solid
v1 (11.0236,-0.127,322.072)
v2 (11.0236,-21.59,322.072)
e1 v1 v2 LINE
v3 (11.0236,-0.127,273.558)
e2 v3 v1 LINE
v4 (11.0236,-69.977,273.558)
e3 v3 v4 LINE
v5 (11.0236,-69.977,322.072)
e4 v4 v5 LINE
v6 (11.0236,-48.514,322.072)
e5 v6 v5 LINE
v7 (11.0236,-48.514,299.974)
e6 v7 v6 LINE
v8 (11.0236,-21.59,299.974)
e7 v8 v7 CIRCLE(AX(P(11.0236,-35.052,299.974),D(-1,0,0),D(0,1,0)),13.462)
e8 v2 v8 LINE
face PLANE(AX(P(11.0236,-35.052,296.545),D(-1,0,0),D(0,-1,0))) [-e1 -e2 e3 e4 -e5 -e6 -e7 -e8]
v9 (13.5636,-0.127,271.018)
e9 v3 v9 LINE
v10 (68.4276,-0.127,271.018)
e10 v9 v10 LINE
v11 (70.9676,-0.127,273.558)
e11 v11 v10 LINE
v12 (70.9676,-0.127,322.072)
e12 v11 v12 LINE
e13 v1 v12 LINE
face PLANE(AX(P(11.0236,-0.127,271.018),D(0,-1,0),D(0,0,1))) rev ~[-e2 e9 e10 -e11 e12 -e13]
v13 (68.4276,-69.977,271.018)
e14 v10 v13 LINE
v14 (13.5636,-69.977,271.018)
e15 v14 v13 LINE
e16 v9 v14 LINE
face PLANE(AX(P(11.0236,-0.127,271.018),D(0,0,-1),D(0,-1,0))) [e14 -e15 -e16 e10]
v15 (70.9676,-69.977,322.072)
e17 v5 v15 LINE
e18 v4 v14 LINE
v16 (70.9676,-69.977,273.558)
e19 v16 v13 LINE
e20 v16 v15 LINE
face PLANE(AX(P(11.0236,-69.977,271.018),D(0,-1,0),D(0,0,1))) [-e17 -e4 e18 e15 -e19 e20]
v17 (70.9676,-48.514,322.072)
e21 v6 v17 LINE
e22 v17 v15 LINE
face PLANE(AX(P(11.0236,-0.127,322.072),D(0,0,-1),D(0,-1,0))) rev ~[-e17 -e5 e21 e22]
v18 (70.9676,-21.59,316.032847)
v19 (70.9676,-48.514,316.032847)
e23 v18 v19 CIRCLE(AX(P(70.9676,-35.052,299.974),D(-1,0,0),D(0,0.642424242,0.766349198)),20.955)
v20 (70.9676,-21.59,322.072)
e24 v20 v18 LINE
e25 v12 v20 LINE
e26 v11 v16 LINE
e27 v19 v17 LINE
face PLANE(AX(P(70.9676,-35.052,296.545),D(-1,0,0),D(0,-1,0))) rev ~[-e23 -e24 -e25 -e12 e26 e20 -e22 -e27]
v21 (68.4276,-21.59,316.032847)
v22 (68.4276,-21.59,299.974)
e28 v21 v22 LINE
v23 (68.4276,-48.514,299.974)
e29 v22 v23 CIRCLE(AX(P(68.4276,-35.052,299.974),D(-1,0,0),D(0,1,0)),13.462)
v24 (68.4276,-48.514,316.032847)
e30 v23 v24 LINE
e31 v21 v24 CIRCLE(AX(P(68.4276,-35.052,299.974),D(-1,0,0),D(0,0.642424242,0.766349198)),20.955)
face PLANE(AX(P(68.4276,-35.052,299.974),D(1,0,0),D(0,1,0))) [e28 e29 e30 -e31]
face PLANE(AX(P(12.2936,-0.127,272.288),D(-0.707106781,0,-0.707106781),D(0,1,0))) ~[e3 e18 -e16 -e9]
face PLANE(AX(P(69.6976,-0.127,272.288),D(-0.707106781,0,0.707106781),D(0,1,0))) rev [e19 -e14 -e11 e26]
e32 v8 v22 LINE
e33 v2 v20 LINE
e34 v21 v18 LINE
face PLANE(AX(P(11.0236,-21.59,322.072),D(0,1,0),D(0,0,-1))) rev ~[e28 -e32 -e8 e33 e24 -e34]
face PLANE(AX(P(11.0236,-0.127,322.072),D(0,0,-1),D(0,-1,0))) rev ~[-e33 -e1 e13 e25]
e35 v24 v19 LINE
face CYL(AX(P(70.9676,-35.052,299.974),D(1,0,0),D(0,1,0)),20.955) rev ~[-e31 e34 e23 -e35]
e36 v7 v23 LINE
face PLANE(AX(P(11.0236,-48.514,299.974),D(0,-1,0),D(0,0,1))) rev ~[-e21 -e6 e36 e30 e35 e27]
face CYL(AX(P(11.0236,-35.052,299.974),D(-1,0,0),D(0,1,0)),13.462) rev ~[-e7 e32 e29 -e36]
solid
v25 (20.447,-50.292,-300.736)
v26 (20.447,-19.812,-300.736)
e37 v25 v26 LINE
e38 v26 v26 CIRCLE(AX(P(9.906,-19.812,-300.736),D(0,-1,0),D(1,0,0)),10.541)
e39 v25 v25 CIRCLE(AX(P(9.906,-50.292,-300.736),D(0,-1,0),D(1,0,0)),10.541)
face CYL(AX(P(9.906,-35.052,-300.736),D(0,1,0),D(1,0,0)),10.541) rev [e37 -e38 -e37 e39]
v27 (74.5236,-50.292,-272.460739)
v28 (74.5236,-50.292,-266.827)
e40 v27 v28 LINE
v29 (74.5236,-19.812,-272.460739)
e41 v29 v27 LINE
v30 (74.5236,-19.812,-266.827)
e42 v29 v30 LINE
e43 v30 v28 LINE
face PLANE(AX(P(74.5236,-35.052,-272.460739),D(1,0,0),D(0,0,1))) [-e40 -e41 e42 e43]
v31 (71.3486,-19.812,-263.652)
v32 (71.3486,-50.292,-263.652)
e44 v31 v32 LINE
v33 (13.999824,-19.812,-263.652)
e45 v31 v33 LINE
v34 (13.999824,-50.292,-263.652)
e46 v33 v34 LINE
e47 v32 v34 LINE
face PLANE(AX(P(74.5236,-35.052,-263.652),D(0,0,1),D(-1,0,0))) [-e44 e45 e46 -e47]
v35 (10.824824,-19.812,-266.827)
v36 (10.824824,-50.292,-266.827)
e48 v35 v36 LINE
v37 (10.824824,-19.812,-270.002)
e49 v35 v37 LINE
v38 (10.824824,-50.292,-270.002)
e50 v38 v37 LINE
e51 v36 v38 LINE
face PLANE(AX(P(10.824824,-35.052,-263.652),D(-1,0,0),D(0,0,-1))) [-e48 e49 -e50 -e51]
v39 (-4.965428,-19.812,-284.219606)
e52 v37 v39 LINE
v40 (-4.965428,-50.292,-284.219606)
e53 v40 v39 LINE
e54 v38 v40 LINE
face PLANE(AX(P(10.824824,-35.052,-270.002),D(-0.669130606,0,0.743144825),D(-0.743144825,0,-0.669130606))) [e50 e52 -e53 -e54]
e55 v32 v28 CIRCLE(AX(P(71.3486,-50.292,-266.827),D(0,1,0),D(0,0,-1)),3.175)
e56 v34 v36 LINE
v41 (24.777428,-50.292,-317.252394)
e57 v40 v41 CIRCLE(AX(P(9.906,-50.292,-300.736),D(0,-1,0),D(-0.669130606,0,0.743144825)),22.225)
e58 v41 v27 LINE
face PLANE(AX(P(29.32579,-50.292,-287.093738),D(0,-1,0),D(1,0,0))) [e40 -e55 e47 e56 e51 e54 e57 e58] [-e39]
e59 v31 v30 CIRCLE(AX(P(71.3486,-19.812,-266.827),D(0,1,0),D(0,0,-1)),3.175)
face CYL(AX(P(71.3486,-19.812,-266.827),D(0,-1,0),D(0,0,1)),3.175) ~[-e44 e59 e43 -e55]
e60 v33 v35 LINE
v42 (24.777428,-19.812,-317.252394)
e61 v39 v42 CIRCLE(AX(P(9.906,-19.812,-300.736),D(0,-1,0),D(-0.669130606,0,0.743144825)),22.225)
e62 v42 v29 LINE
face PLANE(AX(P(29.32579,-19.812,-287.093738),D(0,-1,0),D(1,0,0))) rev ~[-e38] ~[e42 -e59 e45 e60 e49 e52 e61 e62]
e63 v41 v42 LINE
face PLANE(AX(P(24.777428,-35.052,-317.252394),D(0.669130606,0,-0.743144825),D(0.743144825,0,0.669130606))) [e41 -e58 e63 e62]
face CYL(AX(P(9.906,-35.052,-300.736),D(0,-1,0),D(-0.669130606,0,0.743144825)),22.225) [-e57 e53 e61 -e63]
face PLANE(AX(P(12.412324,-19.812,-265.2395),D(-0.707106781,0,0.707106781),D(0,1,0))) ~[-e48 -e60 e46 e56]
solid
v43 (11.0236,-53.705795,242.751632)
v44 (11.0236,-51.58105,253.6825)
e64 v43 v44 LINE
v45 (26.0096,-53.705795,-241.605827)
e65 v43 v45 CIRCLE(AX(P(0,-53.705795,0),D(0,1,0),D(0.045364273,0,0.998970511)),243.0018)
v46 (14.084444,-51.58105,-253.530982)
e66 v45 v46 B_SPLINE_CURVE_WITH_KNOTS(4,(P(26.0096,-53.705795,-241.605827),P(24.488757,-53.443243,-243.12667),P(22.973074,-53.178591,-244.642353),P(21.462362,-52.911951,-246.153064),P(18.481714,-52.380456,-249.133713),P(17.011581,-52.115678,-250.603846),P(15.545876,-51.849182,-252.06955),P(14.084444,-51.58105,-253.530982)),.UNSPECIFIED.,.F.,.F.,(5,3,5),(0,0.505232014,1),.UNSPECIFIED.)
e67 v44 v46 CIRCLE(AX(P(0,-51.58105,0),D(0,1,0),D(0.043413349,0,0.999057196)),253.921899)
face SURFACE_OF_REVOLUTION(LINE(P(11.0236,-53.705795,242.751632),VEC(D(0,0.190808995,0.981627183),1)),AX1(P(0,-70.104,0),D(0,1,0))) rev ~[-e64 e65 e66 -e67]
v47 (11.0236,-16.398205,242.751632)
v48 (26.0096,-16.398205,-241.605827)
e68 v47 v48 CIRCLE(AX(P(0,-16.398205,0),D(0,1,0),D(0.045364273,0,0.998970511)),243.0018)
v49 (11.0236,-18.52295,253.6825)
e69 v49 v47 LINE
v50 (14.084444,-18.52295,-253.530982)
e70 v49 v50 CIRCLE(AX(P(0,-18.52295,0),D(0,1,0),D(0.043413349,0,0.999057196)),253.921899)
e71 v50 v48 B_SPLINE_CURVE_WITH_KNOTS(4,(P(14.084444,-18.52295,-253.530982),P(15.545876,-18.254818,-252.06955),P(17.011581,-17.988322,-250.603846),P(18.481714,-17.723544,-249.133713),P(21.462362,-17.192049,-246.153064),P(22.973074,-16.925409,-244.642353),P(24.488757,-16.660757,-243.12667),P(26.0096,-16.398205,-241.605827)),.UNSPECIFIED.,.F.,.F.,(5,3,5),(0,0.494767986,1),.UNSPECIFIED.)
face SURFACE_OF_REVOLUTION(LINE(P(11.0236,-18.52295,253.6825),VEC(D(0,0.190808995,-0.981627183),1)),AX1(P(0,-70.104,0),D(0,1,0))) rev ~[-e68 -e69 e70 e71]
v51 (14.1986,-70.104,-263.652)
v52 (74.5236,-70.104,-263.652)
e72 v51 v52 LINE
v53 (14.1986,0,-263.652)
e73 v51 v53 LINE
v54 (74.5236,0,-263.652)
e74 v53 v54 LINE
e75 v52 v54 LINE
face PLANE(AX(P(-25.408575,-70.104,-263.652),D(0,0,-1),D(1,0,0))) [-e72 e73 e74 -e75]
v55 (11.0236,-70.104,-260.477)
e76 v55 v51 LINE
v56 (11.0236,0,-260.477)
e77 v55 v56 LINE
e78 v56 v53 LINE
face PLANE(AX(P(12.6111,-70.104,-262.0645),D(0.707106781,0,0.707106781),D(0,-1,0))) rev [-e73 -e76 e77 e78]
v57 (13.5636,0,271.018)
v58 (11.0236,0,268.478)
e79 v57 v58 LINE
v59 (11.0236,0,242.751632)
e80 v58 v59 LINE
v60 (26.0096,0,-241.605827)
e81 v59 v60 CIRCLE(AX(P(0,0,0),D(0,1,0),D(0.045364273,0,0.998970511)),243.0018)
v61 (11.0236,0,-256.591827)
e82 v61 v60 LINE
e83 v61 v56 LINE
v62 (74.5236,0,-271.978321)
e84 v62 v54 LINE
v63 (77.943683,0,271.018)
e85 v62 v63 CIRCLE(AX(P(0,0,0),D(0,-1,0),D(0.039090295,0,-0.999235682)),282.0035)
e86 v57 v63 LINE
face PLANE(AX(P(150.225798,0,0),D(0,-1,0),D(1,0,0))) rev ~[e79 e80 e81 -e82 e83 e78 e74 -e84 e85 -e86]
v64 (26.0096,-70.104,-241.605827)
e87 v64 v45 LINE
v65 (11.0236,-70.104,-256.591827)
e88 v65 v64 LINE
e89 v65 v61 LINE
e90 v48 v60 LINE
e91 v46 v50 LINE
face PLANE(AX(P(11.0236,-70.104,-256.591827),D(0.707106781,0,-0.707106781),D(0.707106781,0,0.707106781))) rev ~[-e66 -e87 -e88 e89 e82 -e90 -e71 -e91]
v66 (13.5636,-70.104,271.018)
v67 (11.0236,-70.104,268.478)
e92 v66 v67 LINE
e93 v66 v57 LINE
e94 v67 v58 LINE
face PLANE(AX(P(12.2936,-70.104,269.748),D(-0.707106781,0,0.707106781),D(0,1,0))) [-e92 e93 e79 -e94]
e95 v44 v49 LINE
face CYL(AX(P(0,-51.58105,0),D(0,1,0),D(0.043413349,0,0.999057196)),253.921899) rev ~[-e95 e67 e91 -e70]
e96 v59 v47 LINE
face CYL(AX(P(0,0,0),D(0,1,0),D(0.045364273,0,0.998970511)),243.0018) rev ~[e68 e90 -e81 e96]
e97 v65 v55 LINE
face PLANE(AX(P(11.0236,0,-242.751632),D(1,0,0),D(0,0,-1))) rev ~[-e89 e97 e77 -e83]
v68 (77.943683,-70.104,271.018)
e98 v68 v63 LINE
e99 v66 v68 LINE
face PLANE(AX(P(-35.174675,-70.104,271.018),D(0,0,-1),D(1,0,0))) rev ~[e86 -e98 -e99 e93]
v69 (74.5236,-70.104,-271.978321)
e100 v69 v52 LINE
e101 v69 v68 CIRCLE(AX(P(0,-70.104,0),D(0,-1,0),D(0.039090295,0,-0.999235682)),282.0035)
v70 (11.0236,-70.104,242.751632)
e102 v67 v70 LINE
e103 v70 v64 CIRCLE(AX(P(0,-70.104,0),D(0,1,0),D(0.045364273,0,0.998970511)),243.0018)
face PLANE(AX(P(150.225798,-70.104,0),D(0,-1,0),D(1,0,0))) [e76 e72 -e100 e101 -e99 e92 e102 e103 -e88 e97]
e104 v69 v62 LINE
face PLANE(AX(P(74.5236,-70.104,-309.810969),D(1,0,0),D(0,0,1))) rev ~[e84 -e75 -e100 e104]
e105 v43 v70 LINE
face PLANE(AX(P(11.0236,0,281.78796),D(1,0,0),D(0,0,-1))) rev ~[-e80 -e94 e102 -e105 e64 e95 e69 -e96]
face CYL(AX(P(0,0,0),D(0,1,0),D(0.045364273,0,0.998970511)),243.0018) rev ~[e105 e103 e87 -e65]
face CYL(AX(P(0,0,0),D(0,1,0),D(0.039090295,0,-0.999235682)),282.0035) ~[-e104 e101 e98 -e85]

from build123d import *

# Parameters (mm, degrees)
F1_DEPTH  = 70.104
F4_W      = 165.1078228589
F4_H      = 35.960230231
F4_W_2    = 99.9321753113
F4_H_2    = 46.1589694023
F5_DEPTH  = 70.1050001
F6_W      = 69.85
F6_H      = 51.054
F7_DEPTH  = 59.944
F9_DEPTH  = 270.9809
F10_R     = 20.955
F11_DEPTH = 2.54
F13_R     = 10.541
F14_DEPTH = 15.24
F16_DEPTH = 70.1050001
F17_SIZE  = 2.54
F18_R     = 3.175
F19_SIZE  = 3.175
F20_SIZE  = 3.175
F21_SIZE  = 2.54


with BuildPart() as f1:
    # F0 (on Front) → F1 (new body)
    with BuildSketch(Plane.XZ):
        with BuildLine():
            Line((11.0236, -242.7516324276), (11.0236, -281.7879597415))
            ThreePointArc((11.0236, -281.7879597415), (282.0035, 0), (11.0236, 281.7879597415))
            Line((11.0236, 281.7879597415), (11.0236, 242.7516324276))
            ThreePointArc((11.0236, 242.7516324276), (243.0018, 0), (11.0236, -242.7516324276))
        make_face()
    extrude(amount=F1_DEPTH)

    # F2 (on face) → F3 (revolve, cut)
    with BuildSketch(Plane(origin=(11.0236, 0, 0), x_dir=(0, -1, 0), z_dir=(-1, 0, 0))):
        Polygon((18.52295, 253.6825), (16.3982045821, 242.7516324276), (53.7057954179, 242.7516324276), (51.58105, 253.6825), align=None)
    revolve(axis=Axis((0, -70.104, 0), (0, 1, 0)), mode=Mode.SUBTRACT)

    # F4 (on face) → F5 (cut, through all)
    with BuildSketch(Plane.XZ.offset(70.104)):
        with Locations((47.3792366683, 288.9981151155)):
            Rectangle(F4_W, F4_H)
        with Locations((24.5575123443, -286.7314847012)):
            Rectangle(F4_W_2, F4_H_2)
    extrude(amount=-F5_DEPTH, mode=Mode.SUBTRACT)

    # F15 (on face) → F16 (cut, through all)
    with BuildSketch(Plane.XZ.offset(70.104)):
        with BuildLine():
            Line((11.0236, -242.7516324276), (11.0236, -256.5918267325))
            Line((11.0236, -256.5918267325), (26.0096, -241.6058267325))
            ThreePointArc((26.0096, -241.6058267325), (18.5254606753, -242.2946184091), (11.0236, -242.7516324276))
        make_face()
    extrude(amount=-F16_DEPTH, mode=Mode.SUBTRACT)

    # F20
    f20_edges = [f1.edges().sort_by_distance(p)[0] for p in [
        (11.0236, -35.052, -263.652),
    ]]
    chamfer(f20_edges, length=F20_SIZE)

    # F21
    f21_edges = [f1.edges().sort_by_distance(p)[0] for p in [
        (11.0236, -35.052, 271.018),
    ]]
    chamfer(f21_edges, length=F21_SIZE)


with BuildPart() as f7:
    # F6 (on face) → F7 (new body)
    with BuildSketch(Plane(origin=(11.0236, 0, 0), x_dir=(0, -1, 0), z_dir=(-1, 0, 0))):
        with Locations((35.052, 296.545)):
            Rectangle(F6_W, F6_H)
    extrude(amount=-F7_DEPTH)

    # F8 (on face) → F9 (cut, through all)
    with BuildSketch(Plane(origin=(11.0236, 0, 0), x_dir=(0, -1, 0), z_dir=(-1, 0, 0))):
        with BuildLine():
            Line((21.59, 322.072), (21.59, 299.974))
            ThreePointArc((21.59, 299.974), (35.052, 286.512), (48.514, 299.974))
            Line((48.514, 299.974), (48.514, 322.072))
            Line((48.514, 322.072), (21.59, 322.072))
        make_face()
    extrude(amount=-F9_DEPTH, mode=Mode.SUBTRACT)

    # F10 (on face) → F11 (cut)
    with BuildSketch(Plane.YZ.offset(70.9676)):
        with Locations((-35.052, 299.974)):
            Circle(F10_R)
    extrude(amount=-F11_DEPTH, mode=Mode.SUBTRACT)

    # F17
    f17_edges = [f7.edges().sort_by_distance(p)[0] for p in [
        (70.9676, -35.052, 271.018),
        (11.0236, -35.052, 271.018),
    ]]
    chamfer(f17_edges, length=F17_SIZE)


with BuildPart() as f14:
    # F13 (on offset) → F14 (new body, symmetric)
    with BuildSketch(Plane.XZ.offset(35.052)):
        with BuildLine():
            Line((24.7774277263, -317.2523937462), (74.5236, -272.4607390427))
            Line((74.5236, -272.4607390427), (74.5236, -263.652))
            Line((74.5236, -263.652), (10.82482371, -263.652))
            Line((10.82482371, -263.652), (10.82482371, -270.002))
            Line((10.82482371, -270.002), (-4.9654277263, -284.2196062538))
            ThreePointArc((-4.9654277263, -284.2196062538), (-6.6103937462, -315.6074277263), (24.7774277263, -317.2523937462))
        make_face()
        with Locations((9.906, -300.736)):
            Circle(F13_R, mode=Mode.SUBTRACT)
    extrude(amount=F14_DEPTH, both=True)

    # F18
    f18_edges = [f14.edges().sort_by_distance(p)[0] for p in [
        (74.5236, -35.052, -263.652),
    ]]
    fillet(f18_edges, radius=F18_R)

    # F19
    f19_edges = [f14.edges().sort_by_distance(p)[0] for p in [
        (10.824824, -35.052, -263.652),
    ]]
    chamfer(f19_edges, length=F19_SIZE)


solid = Compound([f1.part, f7.part, f14.part])
